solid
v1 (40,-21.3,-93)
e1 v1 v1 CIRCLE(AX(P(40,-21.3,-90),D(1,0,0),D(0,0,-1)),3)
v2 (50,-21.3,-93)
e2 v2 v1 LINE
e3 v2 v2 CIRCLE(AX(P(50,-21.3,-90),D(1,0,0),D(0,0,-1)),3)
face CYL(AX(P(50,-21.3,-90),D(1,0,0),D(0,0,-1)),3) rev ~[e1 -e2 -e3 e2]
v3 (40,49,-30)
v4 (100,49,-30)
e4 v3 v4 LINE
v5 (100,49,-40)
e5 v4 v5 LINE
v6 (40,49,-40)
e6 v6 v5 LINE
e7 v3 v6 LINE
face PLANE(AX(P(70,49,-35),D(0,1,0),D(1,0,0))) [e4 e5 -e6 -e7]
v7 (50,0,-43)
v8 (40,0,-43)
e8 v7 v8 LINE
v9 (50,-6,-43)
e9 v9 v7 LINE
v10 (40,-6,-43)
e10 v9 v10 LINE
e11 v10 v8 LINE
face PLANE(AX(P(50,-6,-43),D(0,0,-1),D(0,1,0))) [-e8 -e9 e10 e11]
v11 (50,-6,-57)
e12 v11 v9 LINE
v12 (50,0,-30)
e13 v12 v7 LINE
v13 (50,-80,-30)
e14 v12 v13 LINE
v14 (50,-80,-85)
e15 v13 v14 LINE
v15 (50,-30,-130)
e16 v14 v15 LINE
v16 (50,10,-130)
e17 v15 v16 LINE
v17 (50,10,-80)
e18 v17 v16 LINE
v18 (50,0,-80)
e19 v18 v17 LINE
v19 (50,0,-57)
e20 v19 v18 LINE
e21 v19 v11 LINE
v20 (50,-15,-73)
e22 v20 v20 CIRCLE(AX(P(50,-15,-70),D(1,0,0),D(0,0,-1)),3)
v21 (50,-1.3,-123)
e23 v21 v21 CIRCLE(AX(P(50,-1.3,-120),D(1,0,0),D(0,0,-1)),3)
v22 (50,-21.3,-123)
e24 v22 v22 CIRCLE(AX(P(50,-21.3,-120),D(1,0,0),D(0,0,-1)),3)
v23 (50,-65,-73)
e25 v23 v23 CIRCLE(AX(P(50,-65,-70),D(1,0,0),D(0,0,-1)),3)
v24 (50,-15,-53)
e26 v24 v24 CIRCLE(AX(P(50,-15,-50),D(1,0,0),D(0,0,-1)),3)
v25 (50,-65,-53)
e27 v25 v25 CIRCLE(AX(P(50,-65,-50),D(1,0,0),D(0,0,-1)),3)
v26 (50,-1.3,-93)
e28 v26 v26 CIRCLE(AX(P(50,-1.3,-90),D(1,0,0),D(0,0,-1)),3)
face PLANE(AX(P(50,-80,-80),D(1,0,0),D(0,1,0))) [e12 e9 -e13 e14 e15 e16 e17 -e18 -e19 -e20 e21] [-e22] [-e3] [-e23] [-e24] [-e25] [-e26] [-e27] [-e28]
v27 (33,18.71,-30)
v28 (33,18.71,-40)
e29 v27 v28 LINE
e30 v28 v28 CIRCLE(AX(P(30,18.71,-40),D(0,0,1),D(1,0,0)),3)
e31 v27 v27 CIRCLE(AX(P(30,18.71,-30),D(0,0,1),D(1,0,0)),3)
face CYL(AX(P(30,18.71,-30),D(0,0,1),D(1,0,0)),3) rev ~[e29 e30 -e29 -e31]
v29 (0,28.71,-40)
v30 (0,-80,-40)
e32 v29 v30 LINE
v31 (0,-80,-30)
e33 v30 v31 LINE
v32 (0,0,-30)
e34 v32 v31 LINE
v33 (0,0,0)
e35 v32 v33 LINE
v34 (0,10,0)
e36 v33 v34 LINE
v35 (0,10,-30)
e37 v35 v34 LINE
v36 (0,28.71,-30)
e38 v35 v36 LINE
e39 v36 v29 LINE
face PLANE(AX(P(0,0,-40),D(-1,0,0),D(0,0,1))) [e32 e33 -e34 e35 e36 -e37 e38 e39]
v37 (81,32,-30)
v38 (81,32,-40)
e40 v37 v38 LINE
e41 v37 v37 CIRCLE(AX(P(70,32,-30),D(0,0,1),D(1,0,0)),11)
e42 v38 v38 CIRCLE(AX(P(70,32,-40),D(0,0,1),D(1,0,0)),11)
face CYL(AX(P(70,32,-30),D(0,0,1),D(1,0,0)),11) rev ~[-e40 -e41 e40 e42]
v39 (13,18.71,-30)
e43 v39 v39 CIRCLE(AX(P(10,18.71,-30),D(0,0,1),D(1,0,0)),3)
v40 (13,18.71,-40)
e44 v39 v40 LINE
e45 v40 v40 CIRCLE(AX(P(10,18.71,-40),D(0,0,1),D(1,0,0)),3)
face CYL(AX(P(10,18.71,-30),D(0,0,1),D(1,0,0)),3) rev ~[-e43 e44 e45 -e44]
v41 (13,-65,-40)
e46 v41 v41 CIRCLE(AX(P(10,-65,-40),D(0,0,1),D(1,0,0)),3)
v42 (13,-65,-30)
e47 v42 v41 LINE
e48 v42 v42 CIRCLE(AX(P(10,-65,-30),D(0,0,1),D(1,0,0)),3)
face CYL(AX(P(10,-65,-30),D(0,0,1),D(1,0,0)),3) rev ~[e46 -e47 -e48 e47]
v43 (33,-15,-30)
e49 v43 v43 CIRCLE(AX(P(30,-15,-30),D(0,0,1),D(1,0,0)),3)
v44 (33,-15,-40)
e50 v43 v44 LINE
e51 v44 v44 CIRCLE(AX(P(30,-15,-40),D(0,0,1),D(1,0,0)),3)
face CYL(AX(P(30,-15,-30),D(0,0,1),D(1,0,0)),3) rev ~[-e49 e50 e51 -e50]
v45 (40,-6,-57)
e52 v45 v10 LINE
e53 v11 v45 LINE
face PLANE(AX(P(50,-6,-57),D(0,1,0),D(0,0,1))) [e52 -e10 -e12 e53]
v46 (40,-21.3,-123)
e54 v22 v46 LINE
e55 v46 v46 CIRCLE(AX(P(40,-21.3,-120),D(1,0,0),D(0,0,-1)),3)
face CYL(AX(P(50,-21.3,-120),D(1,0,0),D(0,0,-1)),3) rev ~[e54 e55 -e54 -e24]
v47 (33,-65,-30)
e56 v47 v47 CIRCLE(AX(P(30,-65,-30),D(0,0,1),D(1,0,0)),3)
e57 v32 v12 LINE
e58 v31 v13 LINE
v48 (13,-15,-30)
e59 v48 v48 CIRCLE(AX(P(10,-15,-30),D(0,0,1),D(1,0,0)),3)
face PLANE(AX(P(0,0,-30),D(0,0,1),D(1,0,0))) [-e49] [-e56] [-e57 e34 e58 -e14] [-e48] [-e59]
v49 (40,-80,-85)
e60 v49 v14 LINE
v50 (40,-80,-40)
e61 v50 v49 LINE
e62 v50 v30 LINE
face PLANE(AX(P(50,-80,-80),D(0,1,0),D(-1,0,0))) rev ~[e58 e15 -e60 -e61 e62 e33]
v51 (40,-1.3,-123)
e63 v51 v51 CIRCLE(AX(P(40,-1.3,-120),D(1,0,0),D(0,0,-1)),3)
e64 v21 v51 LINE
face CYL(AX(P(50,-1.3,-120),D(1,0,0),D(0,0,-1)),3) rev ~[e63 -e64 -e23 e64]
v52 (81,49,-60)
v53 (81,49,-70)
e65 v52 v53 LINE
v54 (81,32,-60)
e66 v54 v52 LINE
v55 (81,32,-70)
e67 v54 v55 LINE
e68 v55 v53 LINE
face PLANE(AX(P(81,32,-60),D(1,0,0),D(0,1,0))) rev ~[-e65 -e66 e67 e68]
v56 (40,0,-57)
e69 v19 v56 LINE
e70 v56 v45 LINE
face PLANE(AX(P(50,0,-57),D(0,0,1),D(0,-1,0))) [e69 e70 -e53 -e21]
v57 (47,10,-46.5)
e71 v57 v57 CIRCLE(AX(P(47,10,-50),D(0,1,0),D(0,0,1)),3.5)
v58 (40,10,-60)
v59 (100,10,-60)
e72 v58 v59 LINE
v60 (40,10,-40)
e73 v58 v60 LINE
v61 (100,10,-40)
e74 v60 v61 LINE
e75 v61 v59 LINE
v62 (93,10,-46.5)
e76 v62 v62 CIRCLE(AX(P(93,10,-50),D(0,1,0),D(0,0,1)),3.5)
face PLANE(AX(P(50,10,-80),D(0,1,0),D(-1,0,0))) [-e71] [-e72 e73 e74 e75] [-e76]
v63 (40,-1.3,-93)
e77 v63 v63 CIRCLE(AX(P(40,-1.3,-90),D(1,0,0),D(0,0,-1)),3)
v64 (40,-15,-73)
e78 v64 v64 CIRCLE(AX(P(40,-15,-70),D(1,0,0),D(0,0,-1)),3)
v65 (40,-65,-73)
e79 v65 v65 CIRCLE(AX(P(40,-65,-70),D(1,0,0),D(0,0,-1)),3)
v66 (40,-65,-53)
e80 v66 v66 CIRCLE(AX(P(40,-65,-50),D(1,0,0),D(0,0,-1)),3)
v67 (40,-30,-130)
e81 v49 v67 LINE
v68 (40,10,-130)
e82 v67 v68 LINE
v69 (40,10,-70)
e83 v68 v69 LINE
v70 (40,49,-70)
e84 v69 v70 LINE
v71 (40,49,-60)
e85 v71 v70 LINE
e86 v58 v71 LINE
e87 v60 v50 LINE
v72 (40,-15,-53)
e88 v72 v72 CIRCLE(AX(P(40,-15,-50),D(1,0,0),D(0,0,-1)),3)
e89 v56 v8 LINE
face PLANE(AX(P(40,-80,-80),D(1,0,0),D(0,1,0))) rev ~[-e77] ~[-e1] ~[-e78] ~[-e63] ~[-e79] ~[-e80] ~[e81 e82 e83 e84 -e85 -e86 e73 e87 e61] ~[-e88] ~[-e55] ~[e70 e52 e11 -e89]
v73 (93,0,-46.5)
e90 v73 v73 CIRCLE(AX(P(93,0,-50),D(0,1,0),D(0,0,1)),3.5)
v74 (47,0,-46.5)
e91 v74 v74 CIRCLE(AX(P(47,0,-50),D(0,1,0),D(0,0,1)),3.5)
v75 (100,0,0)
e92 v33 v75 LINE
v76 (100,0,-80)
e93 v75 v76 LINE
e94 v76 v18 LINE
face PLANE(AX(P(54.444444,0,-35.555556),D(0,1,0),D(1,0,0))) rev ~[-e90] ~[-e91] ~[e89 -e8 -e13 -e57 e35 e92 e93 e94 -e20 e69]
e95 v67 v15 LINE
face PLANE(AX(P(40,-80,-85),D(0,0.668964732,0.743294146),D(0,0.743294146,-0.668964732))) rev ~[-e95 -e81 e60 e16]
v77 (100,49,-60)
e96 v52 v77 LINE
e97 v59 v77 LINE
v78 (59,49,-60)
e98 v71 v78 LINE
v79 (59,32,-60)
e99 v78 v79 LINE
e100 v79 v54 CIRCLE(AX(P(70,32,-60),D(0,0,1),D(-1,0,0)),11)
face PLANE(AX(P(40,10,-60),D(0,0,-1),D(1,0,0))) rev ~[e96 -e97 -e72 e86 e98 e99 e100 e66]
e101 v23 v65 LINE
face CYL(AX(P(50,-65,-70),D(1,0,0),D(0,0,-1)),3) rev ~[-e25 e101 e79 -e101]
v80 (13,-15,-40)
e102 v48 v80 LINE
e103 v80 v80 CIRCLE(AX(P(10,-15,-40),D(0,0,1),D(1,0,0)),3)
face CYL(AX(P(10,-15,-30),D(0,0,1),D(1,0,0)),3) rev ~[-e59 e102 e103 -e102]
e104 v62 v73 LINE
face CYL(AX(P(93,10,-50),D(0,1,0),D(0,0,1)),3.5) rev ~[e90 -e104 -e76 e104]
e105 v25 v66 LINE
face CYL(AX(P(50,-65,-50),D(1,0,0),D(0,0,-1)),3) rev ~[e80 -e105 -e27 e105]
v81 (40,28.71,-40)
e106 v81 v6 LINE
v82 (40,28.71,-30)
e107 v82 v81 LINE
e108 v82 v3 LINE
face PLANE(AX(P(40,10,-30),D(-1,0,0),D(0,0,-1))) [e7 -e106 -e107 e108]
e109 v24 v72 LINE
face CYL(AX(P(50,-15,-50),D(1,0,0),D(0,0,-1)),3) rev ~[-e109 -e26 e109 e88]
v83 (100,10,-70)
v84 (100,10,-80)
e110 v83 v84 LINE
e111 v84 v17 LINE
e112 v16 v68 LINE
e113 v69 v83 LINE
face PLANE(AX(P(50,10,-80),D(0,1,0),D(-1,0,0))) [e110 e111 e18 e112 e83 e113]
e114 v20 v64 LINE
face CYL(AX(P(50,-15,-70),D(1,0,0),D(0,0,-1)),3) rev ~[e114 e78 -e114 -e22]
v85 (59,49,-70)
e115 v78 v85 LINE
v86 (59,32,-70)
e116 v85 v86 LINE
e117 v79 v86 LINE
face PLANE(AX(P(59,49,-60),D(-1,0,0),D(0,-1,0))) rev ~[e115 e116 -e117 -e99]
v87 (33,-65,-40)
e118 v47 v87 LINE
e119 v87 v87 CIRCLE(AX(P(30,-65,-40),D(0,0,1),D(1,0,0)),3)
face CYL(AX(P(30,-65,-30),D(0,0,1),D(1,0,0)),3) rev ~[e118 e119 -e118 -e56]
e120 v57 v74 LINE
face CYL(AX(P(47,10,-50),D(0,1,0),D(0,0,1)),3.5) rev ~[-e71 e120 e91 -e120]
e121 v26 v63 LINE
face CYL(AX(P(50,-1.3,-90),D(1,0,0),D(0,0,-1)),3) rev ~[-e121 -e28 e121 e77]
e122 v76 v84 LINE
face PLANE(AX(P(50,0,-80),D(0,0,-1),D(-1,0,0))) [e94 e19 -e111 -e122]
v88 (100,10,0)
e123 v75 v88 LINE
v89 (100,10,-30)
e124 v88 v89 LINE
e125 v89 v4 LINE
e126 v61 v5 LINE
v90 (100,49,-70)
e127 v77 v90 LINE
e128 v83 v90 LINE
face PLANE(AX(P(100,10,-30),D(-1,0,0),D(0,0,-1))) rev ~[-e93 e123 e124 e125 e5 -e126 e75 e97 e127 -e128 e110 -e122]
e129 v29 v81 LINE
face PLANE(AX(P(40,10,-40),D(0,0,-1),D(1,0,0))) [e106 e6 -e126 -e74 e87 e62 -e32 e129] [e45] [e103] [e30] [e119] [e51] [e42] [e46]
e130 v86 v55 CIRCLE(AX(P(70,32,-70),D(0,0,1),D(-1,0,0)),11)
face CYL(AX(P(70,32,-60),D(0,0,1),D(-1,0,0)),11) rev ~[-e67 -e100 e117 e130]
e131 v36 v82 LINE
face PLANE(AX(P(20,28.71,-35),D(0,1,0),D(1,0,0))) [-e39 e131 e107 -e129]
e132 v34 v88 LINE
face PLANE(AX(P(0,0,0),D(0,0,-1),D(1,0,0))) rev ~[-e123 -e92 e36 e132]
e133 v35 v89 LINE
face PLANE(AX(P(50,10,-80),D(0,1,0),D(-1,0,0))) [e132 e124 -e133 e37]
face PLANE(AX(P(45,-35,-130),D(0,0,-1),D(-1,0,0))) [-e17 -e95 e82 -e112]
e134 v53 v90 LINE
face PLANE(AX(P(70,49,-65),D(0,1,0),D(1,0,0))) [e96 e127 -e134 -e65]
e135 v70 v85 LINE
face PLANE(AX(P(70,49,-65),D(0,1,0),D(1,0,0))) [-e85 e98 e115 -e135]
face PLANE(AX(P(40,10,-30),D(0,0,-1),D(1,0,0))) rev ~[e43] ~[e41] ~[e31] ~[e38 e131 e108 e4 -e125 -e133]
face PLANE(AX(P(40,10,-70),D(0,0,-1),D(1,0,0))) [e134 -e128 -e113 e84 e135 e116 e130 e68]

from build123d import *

# Parameters (mm, degrees)
BOSS_EXTRUDE1_DEPTH = 10
SKETCH2_W           = 40
SKETCH2_H           = 10
BOSS_EXTRUDE2_DEPTH = 18.71
BOSS_EXTRUDE3_DEPTH = 80
SKETCH5_W           = 10
SKETCH5_H           = 90
BOSS_EXTRUDE4_DEPTH = 50
CUT_EXTRUDE1_DEPTH  = 10
SKETCH7_W           = 60
SKETCH7_H           = 10
BOSS_EXTRUDE5_DEPTH = 39
SKETCH8_R           = 3.5
CUT_EXTRUDE2_DEPTH  = 10
CUT_EXTRUDE3_DEPTH  = 10
SKETCH10_R          = 11
SKETCH10_R_2        = 3
CUT_EXTRUDE4_DEPTH  = 10
SKETCH11_R          = 3
CUT_EXTRUDE5_DEPTH  = 10
CUT_EXTRUDE6_START  = -10
CUT_EXTRUDE6_DEPTH  = 10


with BuildPart() as part:
    # Sketch1 → Boss-Extrude1 (new body)
    with BuildSketch(Plane(origin=(0, 0, 0), x_dir=(1, 0, 0), z_dir=(0, 1, 0))):
        Polygon((0, 0), (100, 0), (100, 80), (40, 80), (40, 40), (0, 40), align=None)
    extrude(amount=BOSS_EXTRUDE1_DEPTH)

    # Sketch2 → Boss-Extrude2 (add)
    with BuildSketch(Plane(origin=(0, 10, 0), x_dir=(1, 0, 0), z_dir=(0, 1, 0))):
        with Locations((20, 35)):
            Rectangle(SKETCH2_W, SKETCH2_H)
    extrude(amount=BOSS_EXTRUDE2_DEPTH)

    # Sketch3 → Boss-Extrude3 (add)
    with BuildSketch(Plane.XZ):
        Polygon((0, -30), (50, -30), (50, -80), (40, -80), (40, -40), (0, -40), align=None)
    extrude(amount=BOSS_EXTRUDE3_DEPTH)

    # Sketch5 → Boss-Extrude4 (add)
    with BuildSketch(Plane(origin=(0, 0, -80), x_dir=(-1, 0, 0), z_dir=(0, 0, -1))):
        with Locations((-45, -35)):
            Rectangle(SKETCH5_W, SKETCH5_H)
    extrude(amount=BOSS_EXTRUDE4_DEPTH)

    # Sketch6 → Cut-Extrude1 (cut)
    with BuildSketch(Plane.ZY.offset(-40)):
        Polygon((-85, -80), (-130, -30), (-130, -80), align=None)
    extrude(amount=-CUT_EXTRUDE1_DEPTH, mode=Mode.SUBTRACT)

    # Sketch7 → Boss-Extrude5 (add)
    with BuildSketch(Plane(origin=(0, 10, 0), x_dir=(1, 0, 0), z_dir=(0, 1, 0))):
        with Locations((70, 65)):
            Rectangle(SKETCH7_W, SKETCH7_H)
        with Locations((70, 35)):
            Rectangle(SKETCH7_W, SKETCH7_H)
    extrude(amount=BOSS_EXTRUDE5_DEPTH)

    # Sketch8 → Cut-Extrude2 (cut)
    with BuildSketch(Plane(origin=(0, 10, 0), x_dir=(1, 0, 0), z_dir=(0, 1, 0))):
        with Locations(Location((47, 50, 0), (0, 0, 270))):
            Circle(SKETCH8_R)
        with Locations(Location((93, 50, 0), (0, 0, 270))):
            Circle(SKETCH8_R)
    extrude(amount=-CUT_EXTRUDE2_DEPTH, mode=Mode.SUBTRACT)

    # Sketch9 → Cut-Extrude3 (cut)
    with BuildSketch(Plane(origin=(50, 0, 0), x_dir=(0, 0, -1), z_dir=(1, 0, 0))):
        Polygon((50, 0), (57, 0), (57, -6), (43, -6), (43, 0), align=None)
    extrude(amount=-CUT_EXTRUDE3_DEPTH, mode=Mode.SUBTRACT)

    # Sketch10 → Cut-Extrude4 (cut)
    with BuildSketch(Plane.XY.offset(-30)):
        with Locations((70, 32)):
            Circle(SKETCH10_R)
        with Locations((30, 18.71)):
            Circle(SKETCH10_R_2)
        with Locations((10, 18.71)):
            Circle(SKETCH10_R_2)
        with Locations((30, -15)):
            Circle(SKETCH10_R_2)
        with Locations((10, -15)):
            Circle(SKETCH10_R_2)
        with Locations((30, -65)):
            Circle(SKETCH10_R_2)
        with Locations((10, -65)):
            Circle(SKETCH10_R_2)
    extrude(amount=-CUT_EXTRUDE4_DEPTH, mode=Mode.SUBTRACT)

    # Sketch11 → Cut-Extrude5 (cut)
    with BuildSketch(Plane(origin=(50, 0, 0), x_dir=(0, 0, -1), z_dir=(1, 0, 0))):
        with Locations((50, -15)):
            Circle(SKETCH11_R)
        with Locations((70, -15)):
            Circle(SKETCH11_R)
        with Locations((70, -65)):
            Circle(SKETCH11_R)
        with Locations((50, -65)):
            Circle(SKETCH11_R)
        with Locations((90, -1.3)):
            Circle(SKETCH11_R)
        with Locations((120, -1.3)):
            Circle(SKETCH11_R)
        with Locations((90, -21.3)):
            Circle(SKETCH11_R)
        with Locations((120, -21.3)):
            Circle(SKETCH11_R)
    extrude(amount=-CUT_EXTRUDE5_DEPTH, mode=Mode.SUBTRACT)

    # Sketch12 → Cut-Extrude6 (cut)
    with BuildSketch(Plane(origin=(0, 0, -70), x_dir=(-1, 0, 0), z_dir=(0, 0, -1)).offset(CUT_EXTRUDE6_START)):
        with BuildLine():
            Line((-70, 49), (-59, 49))
            Line((-59, 49), (-59, 32))
            ThreePointArc((-59, 32), (-70, 21), (-81, 32))
            Line((-81, 32), (-81, 49))
            Line((-81, 49), (-70, 49))
        make_face()
    extrude(amount=CUT_EXTRUDE6_DEPTH, mode=Mode.SUBTRACT)


solid = part.part
